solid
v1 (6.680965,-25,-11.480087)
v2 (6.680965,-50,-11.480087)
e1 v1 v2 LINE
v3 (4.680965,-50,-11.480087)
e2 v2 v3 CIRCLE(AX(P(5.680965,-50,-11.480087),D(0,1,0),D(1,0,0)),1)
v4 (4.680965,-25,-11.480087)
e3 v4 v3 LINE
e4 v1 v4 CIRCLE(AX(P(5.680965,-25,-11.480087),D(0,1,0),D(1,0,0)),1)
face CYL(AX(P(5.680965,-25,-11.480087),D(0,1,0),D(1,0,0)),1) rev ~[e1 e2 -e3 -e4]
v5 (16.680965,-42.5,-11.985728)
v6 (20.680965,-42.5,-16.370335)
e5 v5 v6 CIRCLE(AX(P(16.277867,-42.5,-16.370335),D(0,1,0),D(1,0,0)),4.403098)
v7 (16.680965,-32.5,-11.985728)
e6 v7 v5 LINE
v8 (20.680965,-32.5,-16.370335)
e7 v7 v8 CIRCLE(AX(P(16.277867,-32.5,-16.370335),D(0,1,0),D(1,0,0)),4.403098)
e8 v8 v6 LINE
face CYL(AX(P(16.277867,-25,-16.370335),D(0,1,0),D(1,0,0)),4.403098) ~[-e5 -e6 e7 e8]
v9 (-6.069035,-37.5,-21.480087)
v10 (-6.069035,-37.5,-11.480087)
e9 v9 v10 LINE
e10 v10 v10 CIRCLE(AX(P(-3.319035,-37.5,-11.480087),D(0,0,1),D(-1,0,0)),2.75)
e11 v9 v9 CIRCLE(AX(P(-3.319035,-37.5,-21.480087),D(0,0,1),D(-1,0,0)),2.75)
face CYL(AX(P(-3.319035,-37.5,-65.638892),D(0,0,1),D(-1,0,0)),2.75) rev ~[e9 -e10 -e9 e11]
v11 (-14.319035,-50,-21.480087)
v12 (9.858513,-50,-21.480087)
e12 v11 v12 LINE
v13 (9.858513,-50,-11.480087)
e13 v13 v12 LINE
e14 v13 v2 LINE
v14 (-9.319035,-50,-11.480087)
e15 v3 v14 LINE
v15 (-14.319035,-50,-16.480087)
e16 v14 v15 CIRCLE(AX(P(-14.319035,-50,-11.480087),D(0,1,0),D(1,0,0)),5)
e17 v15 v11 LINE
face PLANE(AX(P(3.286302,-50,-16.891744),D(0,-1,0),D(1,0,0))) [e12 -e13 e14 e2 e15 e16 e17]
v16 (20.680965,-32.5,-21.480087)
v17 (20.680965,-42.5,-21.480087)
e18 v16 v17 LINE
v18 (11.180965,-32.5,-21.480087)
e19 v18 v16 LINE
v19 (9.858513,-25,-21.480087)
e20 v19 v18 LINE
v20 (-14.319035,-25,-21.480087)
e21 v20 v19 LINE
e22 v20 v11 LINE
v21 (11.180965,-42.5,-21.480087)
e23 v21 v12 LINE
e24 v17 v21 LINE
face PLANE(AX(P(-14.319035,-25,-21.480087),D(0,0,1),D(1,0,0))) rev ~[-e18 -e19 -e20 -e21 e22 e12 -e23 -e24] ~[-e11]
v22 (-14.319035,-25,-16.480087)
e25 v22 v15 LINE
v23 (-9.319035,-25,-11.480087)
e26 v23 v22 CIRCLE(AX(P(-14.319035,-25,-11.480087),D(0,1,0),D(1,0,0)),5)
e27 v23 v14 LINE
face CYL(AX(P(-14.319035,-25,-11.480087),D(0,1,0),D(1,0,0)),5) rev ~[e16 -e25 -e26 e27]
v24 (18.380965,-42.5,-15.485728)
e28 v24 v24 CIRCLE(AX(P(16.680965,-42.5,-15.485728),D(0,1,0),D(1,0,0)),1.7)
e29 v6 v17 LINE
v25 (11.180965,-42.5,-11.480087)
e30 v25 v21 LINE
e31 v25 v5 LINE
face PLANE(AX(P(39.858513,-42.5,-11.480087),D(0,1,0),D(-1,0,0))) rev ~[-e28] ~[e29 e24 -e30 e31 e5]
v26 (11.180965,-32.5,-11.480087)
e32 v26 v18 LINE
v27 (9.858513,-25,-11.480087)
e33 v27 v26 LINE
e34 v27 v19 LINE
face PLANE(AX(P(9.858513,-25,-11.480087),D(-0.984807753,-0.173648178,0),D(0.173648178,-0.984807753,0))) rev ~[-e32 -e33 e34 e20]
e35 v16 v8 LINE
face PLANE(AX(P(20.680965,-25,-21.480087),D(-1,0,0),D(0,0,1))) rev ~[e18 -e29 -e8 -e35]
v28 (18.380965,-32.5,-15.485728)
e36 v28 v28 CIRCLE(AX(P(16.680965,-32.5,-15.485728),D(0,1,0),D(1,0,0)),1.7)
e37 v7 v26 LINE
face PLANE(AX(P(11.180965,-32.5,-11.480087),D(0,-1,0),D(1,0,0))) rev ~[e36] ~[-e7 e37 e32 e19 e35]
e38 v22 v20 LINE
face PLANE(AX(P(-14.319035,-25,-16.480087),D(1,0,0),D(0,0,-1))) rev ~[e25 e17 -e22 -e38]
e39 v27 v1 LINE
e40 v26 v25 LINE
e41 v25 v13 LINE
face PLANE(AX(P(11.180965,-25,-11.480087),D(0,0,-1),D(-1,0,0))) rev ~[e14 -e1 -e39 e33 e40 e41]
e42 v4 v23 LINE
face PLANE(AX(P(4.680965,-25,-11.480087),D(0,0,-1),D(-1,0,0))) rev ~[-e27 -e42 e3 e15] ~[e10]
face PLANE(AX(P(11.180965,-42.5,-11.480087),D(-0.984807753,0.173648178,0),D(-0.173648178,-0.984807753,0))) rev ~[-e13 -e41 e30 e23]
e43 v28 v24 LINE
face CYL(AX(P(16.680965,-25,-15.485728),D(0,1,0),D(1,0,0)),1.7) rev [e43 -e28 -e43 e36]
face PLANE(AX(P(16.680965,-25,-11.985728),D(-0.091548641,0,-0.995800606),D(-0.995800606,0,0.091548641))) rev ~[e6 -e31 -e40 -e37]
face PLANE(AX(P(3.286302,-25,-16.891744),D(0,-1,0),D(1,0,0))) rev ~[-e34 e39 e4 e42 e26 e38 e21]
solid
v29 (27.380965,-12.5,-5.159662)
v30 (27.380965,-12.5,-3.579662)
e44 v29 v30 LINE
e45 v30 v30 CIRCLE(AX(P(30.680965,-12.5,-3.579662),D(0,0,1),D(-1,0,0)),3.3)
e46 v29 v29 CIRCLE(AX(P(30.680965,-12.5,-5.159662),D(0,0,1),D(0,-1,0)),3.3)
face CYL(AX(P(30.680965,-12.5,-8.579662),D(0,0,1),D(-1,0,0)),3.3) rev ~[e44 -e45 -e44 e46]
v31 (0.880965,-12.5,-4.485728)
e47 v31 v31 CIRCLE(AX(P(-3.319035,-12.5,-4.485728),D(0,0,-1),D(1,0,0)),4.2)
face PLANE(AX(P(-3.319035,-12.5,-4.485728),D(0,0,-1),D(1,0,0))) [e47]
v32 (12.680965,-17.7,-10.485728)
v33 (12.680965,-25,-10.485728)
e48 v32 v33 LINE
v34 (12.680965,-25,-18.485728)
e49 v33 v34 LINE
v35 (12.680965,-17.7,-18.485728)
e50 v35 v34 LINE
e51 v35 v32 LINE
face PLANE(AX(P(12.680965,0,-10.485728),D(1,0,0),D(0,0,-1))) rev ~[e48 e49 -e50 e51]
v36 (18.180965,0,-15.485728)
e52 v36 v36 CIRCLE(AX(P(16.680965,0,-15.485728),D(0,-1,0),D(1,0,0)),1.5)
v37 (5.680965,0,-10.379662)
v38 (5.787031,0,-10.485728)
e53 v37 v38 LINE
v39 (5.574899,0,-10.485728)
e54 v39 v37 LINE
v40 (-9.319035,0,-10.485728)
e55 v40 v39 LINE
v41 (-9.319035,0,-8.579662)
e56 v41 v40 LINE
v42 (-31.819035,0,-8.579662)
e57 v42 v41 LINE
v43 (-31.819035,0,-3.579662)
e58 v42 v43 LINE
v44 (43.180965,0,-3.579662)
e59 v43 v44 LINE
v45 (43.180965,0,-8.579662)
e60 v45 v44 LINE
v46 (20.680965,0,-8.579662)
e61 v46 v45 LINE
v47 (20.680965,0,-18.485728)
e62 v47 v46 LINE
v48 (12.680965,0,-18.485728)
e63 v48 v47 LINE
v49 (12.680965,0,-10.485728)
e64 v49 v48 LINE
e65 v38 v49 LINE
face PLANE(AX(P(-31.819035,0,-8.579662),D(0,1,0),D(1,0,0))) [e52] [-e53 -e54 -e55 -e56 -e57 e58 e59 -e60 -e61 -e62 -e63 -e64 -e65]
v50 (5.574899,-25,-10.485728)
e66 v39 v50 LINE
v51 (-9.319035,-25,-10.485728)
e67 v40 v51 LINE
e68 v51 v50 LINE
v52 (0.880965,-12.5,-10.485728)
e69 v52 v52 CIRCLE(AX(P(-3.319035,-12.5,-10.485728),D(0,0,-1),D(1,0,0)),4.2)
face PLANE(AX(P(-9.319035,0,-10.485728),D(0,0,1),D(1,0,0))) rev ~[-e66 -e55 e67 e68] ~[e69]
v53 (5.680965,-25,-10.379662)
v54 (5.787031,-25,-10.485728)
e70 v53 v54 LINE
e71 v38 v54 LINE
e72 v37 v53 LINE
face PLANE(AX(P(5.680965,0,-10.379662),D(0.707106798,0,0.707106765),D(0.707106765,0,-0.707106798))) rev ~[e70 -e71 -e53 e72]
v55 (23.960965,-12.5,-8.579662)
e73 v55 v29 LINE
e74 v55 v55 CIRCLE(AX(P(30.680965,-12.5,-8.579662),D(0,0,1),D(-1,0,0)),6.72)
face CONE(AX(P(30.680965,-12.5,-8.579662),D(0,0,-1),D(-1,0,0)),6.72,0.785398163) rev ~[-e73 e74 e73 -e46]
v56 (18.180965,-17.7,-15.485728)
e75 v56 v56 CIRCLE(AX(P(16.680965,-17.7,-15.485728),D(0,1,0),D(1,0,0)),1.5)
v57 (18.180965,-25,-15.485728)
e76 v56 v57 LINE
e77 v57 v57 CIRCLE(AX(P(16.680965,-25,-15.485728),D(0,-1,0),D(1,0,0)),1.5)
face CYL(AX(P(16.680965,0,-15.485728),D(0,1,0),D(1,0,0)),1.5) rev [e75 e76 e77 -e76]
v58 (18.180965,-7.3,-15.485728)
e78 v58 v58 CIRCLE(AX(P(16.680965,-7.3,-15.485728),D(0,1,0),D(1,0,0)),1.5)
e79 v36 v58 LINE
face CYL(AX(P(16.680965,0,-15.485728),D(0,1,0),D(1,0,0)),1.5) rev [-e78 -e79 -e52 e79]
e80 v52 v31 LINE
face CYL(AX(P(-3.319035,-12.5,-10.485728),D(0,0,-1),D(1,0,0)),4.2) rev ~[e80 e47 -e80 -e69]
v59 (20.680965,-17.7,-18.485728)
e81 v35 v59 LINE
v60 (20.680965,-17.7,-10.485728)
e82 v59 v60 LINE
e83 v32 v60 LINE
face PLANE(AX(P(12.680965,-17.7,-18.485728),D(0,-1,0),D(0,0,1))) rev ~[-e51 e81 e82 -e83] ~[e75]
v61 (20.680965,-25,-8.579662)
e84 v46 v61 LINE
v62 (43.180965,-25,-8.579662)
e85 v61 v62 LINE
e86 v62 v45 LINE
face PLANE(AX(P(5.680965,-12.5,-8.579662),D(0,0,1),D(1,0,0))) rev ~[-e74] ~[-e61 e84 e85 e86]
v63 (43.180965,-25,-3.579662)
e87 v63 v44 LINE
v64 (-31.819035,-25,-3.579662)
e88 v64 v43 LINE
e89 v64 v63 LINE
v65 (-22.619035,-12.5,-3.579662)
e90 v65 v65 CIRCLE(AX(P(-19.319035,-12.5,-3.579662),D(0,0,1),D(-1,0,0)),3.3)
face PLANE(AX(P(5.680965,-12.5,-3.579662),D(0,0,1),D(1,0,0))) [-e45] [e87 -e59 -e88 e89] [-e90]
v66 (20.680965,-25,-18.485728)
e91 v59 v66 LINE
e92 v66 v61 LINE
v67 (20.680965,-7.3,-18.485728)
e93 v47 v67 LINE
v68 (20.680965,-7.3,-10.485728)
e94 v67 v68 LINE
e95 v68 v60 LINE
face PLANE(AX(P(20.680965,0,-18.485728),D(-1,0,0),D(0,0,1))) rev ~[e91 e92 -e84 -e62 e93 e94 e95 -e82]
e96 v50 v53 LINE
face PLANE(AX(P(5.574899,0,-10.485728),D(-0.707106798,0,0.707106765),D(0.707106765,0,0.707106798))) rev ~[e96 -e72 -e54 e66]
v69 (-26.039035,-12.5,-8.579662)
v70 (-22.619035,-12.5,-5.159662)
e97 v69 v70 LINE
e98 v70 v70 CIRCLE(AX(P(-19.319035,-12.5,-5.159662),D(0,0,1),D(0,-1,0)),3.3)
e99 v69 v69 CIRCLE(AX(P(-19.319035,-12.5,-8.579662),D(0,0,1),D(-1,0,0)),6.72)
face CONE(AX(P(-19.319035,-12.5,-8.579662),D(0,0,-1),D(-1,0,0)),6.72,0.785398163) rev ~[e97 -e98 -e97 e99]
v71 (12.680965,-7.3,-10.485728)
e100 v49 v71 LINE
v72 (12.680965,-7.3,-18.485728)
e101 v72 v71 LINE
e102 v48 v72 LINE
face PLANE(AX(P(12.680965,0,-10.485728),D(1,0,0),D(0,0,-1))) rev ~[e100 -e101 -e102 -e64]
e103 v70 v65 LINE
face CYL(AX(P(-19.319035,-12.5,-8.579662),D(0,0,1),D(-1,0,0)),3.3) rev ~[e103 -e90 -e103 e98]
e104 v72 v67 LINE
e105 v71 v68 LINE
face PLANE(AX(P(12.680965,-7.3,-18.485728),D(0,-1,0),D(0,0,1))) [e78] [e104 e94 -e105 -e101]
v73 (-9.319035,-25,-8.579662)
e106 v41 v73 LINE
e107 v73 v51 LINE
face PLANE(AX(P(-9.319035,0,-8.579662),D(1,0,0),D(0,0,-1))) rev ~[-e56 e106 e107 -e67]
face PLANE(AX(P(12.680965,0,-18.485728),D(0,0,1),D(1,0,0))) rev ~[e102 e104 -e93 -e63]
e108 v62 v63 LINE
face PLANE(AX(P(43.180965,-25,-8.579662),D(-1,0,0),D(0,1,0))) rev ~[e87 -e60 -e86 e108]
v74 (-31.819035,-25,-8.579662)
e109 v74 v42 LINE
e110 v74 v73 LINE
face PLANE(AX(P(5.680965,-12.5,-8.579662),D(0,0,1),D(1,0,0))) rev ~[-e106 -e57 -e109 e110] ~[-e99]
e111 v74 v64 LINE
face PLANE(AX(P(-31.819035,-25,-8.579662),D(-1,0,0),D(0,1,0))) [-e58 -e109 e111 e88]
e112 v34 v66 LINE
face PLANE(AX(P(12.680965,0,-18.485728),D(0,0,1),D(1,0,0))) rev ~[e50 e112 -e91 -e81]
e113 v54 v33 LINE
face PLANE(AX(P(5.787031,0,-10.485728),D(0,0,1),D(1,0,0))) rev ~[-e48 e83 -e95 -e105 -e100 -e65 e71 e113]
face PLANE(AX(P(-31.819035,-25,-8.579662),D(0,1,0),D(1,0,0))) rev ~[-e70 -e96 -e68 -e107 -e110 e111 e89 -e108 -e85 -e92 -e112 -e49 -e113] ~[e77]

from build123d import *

# Parameters (mm, degrees)
F0_R           = 1.5
F1_DEPTH       = 25
F3_W           = 75
F3_H           = 25
F4_DEPTH       = 5
F2_R           = 4.2
F5_DEPTH       = 6
F6_D           = 6.6
F6_CSINK_D     = 13.44
F6_CSINK_ANGLE = 90
F7_W           = 10.4
F7_H           = 8
F8_DEPTH       = 25
F9_R           = 1.7
F10_DEPTH      = 25
F12_D          = 5.5
F14_DEPTH      = 10.001


with BuildPart() as f1:
    # F0 (on Front) → F1 (new body)
    with BuildSketch(Plane.XZ):
        Polygon((5.7870310192, -10.4857282235), (12.6809650045, -10.4857282235), (12.6809650045, -18.4857282235), (20.6809650045, -18.4857282235), (20.6809650045, -8.5796622039), (-9.3190349955, -8.5796622039), (-9.3190349955, -10.4857282235), (5.5748989899, -10.4857282235), (5.6809650045, -10.3796622039), align=None)
        with Locations((16.6809650045, -15.4857282235)):
            Circle(F0_R, mode=Mode.SUBTRACT)
    extrude(amount=F1_DEPTH)

    # F3 (on face) → F4 (join)
    with BuildSketch(Plane.XY.offset(-8.5796622039)):
        with Locations((5.6809650045, -12.5)):
            Rectangle(F3_W, F3_H)
    extrude(amount=F4_DEPTH)

    # F2 (on face) → F5 (cut)
    with BuildSketch(Plane(origin=(0, 0, -10.4857282235), x_dir=(1, 0, 0), z_dir=(0, 0, -1))):
        with Locations((-3.3190349955, 12.5)):
            Circle(F2_R)
    extrude(amount=-F5_DEPTH, mode=Mode.SUBTRACT)

    # F6 (through all)
    with Locations(Plane(origin=(0, 0, -8.5796622039), x_dir=(1, 0, 0), z_dir=(0, 0, -1))):
        with Locations((30.6809650045, 12.5), (-19.3190349955, 12.5)):
            CounterSinkHole(F6_D / 2, F6_CSINK_D / 2, counter_sink_angle=F6_CSINK_ANGLE)

    # F7 (on face) → F8 (cut)
    with BuildSketch(Plane(origin=(12.6809650045, 0, 0), x_dir=(0, -1, 0), z_dir=(-1, 0, 0))):
        with Locations((12.5, -14.4857282235)):
            Rectangle(F7_W, F7_H)
    extrude(amount=-F8_DEPTH, mode=Mode.SUBTRACT)


with BuildPart() as f10:
    # F9 (on face) → F10 (new body)
    with BuildSketch(Plane.XZ.offset(25)):
        with BuildLine():
            ThreePointArc((6.6809650045, -11.4800873139), (5.6809650045, -12.4800873139), (4.6809650045, -11.4800873139))
            Line((4.6809650045, -11.4800873139), (-9.3190349955, -11.4800873139))
            ThreePointArc((-9.3190349955, -11.4800873139), (-10.7835010895, -15.0156212198), (-14.3190349955, -16.4800873139))
            Line((-14.3190349955, -16.4800873139), (-14.3190349955, -21.4800873139))
            Line((-14.3190349955, -21.4800873139), (20.6809650045, -21.4800873139))
            Line((20.6809650045, -21.4800873139), (20.6809650045, -16.3703354811))
            ThreePointArc((20.6809650045, -16.3703354811), (19.5307235765, -13.4028120691), (16.6809650045, -11.9857282235))
            Line((16.6809650045, -11.9857282235), (11.1809650045, -11.4800873139))
            Line((11.1809650045, -11.4800873139), (6.6809650045, -11.4800873139))
        make_face()
        with Locations((16.6809650045, -15.4857282235)):
            Circle(F9_R, mode=Mode.SUBTRACT)
    extrude(amount=F10_DEPTH)

    # F12 (through all)
    with Locations(Plane(origin=(0, 0, -21.4800873139), x_dir=(1, 0, 0), z_dir=(0, 0, -1))):
        with Locations((-3.3190349955, 37.5)):
            Hole(F12_D / 2)

    # F13 (on face) → F14 (cut, through all)
    with BuildSketch(Plane.XY.offset(-11.4800873139)):
        Polygon((39.8585126492, -25), (9.8585126492, -25), (11.1809650045, -32.5), (39.8585126492, -32.5), align=None)
        Polygon((11.1809650045, -42.5), (9.8585126492, -50), (39.8585126492, -50), (39.8585126492, -42.5), align=None)
    extrude(amount=-F14_DEPTH, mode=Mode.SUBTRACT)


solid = Compound([f1.part, f10.part])
